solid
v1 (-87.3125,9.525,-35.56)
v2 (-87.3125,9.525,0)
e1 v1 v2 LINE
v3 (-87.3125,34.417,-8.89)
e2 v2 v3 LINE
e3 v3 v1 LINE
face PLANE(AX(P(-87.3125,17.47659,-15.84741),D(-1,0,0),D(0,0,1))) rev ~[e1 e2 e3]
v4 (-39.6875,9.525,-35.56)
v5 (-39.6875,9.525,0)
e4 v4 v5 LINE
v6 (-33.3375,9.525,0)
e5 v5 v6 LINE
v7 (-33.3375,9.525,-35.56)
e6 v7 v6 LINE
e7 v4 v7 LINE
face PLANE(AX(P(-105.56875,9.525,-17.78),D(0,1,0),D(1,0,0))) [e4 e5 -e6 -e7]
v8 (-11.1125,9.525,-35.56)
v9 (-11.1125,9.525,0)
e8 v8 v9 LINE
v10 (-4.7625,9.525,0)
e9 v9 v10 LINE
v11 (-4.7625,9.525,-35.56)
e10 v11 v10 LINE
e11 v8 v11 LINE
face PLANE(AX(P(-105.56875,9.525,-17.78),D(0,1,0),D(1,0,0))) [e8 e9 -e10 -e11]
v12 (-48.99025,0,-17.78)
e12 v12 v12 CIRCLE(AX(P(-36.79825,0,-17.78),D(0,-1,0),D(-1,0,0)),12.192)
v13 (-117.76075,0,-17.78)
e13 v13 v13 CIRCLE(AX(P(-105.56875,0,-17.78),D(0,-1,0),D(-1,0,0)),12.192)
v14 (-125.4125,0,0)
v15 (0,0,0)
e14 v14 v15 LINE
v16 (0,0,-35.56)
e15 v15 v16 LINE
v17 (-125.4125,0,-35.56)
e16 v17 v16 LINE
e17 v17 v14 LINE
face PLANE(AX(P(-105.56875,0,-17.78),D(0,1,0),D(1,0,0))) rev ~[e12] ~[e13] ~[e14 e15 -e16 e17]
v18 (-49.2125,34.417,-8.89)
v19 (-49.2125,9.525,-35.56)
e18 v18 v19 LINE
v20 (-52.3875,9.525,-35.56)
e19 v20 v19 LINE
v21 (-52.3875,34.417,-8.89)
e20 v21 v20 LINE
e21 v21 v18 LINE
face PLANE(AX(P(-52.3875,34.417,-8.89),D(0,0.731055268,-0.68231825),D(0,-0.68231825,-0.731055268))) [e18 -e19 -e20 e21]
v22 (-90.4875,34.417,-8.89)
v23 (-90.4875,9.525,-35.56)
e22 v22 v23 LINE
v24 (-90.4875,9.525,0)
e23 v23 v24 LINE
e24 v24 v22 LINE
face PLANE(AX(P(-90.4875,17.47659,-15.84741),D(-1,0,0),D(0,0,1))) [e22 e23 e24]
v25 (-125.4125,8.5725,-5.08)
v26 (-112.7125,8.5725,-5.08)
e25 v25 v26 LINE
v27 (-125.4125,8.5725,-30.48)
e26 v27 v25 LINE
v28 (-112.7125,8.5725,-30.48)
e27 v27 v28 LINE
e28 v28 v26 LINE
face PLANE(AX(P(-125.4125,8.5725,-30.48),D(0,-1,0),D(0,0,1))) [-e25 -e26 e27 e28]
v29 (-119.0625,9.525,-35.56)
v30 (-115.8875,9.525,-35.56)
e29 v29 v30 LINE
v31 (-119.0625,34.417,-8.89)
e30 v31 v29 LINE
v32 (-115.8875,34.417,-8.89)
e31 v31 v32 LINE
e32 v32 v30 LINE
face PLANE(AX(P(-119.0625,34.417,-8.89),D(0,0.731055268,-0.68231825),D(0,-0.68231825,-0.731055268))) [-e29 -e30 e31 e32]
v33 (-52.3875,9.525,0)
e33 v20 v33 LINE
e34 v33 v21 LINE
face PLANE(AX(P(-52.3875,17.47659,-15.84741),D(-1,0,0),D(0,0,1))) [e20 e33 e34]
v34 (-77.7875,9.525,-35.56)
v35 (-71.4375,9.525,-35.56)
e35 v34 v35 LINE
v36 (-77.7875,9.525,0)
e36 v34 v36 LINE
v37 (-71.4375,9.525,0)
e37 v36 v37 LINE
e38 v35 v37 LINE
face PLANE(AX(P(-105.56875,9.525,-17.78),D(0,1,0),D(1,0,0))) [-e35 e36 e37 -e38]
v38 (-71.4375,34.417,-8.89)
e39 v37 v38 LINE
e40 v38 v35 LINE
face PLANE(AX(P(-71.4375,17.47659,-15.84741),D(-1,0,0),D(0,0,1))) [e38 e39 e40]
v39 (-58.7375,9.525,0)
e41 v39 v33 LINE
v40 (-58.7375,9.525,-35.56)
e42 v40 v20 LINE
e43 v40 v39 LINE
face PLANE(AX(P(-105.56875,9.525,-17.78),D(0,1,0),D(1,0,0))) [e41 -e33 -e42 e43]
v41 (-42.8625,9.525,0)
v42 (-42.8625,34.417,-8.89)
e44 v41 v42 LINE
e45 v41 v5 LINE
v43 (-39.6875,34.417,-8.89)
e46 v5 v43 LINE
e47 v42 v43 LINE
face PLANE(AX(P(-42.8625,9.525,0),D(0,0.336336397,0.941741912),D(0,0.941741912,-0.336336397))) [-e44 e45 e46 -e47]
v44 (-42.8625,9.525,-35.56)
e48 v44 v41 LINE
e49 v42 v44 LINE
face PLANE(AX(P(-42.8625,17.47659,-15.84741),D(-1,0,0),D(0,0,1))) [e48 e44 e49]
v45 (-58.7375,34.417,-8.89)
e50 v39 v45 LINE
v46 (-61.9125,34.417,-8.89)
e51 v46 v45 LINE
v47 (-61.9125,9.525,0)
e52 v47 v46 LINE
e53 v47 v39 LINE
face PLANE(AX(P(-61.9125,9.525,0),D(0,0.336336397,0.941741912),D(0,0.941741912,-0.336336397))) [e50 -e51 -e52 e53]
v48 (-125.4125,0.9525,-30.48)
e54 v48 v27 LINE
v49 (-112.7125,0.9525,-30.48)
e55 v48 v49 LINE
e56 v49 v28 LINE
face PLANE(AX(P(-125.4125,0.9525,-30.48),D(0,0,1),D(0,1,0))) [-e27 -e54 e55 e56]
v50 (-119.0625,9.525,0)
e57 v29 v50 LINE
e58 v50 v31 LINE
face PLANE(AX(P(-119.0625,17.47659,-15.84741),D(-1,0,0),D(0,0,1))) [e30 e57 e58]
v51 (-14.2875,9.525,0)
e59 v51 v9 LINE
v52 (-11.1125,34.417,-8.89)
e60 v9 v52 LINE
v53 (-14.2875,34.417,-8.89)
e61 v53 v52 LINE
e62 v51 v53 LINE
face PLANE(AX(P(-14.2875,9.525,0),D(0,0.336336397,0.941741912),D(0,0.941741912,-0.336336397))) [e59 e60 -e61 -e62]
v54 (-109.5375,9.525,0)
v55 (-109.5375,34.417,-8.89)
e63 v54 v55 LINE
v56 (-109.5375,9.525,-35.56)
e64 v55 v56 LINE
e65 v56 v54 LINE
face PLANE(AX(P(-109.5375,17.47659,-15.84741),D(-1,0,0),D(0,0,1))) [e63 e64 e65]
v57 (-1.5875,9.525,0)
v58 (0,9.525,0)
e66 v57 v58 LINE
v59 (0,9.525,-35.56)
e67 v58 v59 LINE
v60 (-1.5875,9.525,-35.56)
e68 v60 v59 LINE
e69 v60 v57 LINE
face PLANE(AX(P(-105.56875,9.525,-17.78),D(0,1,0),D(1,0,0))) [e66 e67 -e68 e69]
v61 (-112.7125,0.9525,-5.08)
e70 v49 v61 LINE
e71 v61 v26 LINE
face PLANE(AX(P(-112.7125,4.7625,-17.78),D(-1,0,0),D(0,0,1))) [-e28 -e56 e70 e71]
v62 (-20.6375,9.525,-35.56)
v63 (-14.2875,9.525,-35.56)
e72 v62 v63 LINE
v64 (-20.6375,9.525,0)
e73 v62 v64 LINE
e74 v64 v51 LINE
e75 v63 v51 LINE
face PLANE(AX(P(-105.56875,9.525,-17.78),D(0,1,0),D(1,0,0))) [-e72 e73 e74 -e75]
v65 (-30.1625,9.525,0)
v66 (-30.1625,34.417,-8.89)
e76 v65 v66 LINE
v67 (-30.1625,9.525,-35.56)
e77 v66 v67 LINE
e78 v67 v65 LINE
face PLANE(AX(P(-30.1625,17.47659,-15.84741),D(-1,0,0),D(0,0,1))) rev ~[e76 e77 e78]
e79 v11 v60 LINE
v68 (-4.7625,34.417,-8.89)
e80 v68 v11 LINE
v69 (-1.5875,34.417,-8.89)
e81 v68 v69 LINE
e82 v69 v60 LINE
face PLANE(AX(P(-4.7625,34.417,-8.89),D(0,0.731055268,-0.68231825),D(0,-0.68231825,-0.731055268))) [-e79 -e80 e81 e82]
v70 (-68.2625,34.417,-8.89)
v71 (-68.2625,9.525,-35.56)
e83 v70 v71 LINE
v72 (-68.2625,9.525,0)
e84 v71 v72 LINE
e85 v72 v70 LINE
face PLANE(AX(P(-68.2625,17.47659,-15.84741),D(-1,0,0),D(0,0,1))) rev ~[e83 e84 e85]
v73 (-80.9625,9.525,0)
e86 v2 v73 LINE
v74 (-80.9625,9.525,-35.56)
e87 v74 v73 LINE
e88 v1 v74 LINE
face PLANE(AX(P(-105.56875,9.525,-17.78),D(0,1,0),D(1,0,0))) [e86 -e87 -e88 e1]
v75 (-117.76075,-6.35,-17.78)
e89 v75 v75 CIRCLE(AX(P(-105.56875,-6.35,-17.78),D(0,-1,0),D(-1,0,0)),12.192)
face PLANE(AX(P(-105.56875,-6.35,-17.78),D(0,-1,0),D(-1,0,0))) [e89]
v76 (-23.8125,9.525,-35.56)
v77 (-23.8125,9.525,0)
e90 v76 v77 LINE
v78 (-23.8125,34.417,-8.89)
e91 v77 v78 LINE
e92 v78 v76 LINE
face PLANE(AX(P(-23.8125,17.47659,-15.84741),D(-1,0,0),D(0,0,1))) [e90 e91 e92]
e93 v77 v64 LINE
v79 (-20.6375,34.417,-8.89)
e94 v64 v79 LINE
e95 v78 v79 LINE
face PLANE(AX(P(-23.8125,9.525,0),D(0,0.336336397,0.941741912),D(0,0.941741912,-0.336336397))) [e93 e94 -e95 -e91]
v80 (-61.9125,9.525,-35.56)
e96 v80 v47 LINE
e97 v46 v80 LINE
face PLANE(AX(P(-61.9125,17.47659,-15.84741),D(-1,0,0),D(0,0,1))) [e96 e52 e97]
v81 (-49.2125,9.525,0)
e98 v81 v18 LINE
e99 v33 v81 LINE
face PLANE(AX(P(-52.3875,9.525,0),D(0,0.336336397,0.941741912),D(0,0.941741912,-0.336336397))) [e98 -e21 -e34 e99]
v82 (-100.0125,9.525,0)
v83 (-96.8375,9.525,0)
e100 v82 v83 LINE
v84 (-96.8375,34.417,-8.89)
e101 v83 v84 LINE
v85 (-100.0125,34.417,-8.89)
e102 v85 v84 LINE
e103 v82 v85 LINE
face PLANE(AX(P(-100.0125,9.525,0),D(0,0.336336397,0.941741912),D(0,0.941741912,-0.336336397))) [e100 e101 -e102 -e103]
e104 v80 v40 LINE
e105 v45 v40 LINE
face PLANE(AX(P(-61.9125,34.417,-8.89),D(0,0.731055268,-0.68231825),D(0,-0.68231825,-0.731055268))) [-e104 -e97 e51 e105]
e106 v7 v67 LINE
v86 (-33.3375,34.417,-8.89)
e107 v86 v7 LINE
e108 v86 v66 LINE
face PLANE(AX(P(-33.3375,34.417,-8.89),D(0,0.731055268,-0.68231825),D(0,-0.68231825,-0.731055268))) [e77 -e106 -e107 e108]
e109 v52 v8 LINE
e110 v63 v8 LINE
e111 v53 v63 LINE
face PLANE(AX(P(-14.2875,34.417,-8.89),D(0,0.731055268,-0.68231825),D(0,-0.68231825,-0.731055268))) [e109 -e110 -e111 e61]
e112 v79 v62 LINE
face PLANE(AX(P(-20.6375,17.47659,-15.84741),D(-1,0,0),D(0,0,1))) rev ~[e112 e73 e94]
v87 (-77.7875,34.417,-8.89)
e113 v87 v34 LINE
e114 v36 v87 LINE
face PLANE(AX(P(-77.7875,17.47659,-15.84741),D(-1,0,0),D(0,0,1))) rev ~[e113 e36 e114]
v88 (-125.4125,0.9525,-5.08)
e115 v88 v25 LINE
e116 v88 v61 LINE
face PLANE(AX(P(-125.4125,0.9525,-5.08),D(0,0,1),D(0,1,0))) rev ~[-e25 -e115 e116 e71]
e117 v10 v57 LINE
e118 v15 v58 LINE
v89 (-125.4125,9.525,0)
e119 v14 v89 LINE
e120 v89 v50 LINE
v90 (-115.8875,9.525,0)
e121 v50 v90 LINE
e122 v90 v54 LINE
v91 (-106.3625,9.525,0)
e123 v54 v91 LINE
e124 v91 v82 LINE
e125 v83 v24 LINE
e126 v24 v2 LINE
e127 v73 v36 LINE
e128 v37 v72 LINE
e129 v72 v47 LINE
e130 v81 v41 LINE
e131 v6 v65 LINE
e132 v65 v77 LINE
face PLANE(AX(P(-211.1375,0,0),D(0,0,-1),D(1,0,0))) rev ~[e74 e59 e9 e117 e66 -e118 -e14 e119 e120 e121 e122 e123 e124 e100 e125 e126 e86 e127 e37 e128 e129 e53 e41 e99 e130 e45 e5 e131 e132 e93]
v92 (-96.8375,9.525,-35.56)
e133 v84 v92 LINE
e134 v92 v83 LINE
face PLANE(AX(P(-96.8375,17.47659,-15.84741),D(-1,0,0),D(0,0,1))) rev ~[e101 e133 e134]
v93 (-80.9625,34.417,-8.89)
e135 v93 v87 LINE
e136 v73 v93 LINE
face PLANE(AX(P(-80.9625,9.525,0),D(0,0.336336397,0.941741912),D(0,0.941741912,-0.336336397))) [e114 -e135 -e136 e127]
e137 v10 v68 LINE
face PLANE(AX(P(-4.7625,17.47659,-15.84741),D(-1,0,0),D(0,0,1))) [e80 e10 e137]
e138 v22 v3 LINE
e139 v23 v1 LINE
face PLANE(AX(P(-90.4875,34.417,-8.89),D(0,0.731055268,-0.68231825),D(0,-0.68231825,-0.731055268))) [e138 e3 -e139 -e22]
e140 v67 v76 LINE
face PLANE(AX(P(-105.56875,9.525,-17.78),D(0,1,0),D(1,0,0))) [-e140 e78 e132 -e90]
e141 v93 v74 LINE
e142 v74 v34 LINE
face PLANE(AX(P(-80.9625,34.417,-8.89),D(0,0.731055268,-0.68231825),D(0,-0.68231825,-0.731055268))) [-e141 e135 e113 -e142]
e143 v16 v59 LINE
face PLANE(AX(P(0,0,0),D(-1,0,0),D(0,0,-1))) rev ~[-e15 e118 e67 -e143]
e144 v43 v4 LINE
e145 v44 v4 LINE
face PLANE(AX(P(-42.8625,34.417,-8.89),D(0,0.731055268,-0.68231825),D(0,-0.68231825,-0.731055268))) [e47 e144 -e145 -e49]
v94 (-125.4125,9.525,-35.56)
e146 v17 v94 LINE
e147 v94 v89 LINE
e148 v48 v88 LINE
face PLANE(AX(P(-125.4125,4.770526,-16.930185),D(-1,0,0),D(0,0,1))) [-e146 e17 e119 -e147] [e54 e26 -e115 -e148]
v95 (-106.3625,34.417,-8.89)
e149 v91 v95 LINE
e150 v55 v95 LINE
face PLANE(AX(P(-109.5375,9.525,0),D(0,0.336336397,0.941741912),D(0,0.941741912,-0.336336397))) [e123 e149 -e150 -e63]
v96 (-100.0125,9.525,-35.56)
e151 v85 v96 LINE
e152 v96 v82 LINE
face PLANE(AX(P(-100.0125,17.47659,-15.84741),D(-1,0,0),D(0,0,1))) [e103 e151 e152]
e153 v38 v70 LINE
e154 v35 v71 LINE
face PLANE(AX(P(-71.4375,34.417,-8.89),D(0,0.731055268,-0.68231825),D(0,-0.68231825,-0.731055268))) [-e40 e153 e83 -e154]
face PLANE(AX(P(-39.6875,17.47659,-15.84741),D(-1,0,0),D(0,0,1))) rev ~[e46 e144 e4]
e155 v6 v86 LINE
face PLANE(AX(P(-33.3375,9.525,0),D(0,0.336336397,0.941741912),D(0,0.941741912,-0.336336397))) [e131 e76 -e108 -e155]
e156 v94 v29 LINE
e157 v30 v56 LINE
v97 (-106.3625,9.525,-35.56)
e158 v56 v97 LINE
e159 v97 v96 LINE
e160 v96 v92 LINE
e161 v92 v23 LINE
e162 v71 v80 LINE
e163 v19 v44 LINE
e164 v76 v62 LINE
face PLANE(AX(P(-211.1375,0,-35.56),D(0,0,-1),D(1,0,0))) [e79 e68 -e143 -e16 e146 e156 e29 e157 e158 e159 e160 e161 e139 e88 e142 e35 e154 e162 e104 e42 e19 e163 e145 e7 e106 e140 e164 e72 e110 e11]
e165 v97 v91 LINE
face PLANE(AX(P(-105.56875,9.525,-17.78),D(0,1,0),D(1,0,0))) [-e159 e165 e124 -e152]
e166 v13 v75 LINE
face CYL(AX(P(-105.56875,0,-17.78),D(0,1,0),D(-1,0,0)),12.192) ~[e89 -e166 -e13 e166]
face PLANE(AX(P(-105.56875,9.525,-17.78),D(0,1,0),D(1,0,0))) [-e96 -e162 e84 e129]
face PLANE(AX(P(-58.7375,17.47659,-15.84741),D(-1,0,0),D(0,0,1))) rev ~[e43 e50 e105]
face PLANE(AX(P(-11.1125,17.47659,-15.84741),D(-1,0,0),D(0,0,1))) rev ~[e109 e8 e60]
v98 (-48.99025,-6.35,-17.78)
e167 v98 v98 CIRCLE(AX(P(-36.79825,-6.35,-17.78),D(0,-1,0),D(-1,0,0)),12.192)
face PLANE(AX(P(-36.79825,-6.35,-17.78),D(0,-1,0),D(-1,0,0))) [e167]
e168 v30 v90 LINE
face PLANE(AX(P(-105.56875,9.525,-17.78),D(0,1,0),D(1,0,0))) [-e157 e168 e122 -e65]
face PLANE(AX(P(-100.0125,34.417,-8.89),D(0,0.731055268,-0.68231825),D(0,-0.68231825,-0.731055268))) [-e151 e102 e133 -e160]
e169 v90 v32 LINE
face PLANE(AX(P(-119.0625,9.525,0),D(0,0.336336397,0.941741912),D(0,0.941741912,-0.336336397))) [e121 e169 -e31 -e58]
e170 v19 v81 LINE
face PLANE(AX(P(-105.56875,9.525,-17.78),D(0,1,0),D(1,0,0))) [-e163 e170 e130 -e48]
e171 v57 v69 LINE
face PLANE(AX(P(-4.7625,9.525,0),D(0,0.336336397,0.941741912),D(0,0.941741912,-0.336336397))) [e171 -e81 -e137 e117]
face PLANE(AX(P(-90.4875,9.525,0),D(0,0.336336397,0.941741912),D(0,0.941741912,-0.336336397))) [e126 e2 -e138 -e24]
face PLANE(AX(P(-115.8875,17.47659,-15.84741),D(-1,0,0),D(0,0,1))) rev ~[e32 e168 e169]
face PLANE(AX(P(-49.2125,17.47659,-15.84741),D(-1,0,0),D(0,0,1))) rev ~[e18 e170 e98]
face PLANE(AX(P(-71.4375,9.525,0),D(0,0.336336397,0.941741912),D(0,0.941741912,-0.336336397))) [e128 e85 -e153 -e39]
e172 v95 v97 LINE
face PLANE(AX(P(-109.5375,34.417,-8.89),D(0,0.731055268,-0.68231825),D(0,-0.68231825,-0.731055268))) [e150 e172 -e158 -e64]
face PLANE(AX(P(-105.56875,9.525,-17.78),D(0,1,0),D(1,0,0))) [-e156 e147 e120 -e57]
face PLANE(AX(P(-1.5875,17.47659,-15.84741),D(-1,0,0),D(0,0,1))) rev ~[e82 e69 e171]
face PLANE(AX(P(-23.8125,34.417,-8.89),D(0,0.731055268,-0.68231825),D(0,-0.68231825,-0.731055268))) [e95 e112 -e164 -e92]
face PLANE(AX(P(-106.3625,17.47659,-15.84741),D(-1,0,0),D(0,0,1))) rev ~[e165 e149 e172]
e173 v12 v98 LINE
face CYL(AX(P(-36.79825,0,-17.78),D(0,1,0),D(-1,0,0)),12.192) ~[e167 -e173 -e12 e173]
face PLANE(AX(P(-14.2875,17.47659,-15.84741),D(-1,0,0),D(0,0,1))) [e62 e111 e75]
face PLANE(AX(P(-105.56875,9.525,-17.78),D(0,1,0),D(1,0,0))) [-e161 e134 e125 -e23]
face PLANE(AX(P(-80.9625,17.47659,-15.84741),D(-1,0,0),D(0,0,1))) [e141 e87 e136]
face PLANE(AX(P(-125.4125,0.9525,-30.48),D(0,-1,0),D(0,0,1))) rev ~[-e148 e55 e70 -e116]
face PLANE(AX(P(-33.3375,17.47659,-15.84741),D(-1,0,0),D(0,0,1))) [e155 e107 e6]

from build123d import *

# Parameters (mm, degrees)
SKETCH1_W           = 211.1375
SKETCH1_H           = 35.56
BOSS_EXTRUDE1_DEPTH = 9.525
SKETCH6_R           = 12.192
BOSS_EXTRUDE4_DEPTH = 6.35
BOSS_EXTRUDE5_DEPTH = 3.175
LPATTERN1_COUNT     = 22
LPATTERN1_PITCH     = 9.525
SKETCH10_W          = 45.550099835
SKETCH10_H          = 62.093170918
CUT_EXTRUDE1_DEPTH  = 85.725
SKETCH11_W          = 25.4
SKETCH11_H          = 7.62
CUT_EXTRUDE2_DEPTH  = 12.7


with BuildPart() as part:
    # Sketch1 → Boss-Extrude1 (new body)
    with BuildSketch(Plane(origin=(0, 0, 0), x_dir=(1, 0, 0), z_dir=(0, 1, 0))):
        with Locations((-105.56875, 17.78)):
            Rectangle(SKETCH1_W, SKETCH1_H)
    extrude(amount=BOSS_EXTRUDE1_DEPTH)

    # Sketch6 → Boss-Extrude4 (add)
    with BuildSketch(Plane(origin=(0, 0, 0), x_dir=(-1, 0, 0), z_dir=(0, -1, 0))):
        with Locations((105.56875, 17.78)):
            Circle(SKETCH6_R)
        with Locations((36.79825, 17.78)):
            Circle(SKETCH6_R)
        with Locations((174.33925, 17.78)):
            Circle(SKETCH6_R)
    extrude(amount=BOSS_EXTRUDE4_DEPTH)

    # Sketch9 → Boss-Extrude5 (add)
    with BuildSketch(Plane.ZY.offset(204.7875)):
        Polygon((-35.56, 9.525), (0, 9.525), (-8.89, 34.417), align=None)
    boss_extrude5 = extrude(amount=-BOSS_EXTRUDE5_DEPTH)

    # LPattern1: Boss-Extrude5 ×22
    with Locations(*[(i * LPATTERN1_PITCH, 0, 0) for i in range(1, LPATTERN1_COUNT)]):
        add(boss_extrude5)

    # Sketch10 → Cut-Extrude1 (cut)
    with BuildSketch(Plane.ZY.offset(211.1375)):
        with Locations((-16.930184705, 4.77052578)):
            Rectangle(SKETCH10_W, SKETCH10_H)
    extrude(amount=-CUT_EXTRUDE1_DEPTH, mode=Mode.SUBTRACT)

    # Sketch11 → Cut-Extrude2 (cut)
    with BuildSketch(Plane.ZY.offset(125.4125)):
        with Locations((-17.78, 4.7625)):
            Rectangle(SKETCH11_W, SKETCH11_H)
    extrude(amount=-CUT_EXTRUDE2_DEPTH, mode=Mode.SUBTRACT)


solid = part.part
